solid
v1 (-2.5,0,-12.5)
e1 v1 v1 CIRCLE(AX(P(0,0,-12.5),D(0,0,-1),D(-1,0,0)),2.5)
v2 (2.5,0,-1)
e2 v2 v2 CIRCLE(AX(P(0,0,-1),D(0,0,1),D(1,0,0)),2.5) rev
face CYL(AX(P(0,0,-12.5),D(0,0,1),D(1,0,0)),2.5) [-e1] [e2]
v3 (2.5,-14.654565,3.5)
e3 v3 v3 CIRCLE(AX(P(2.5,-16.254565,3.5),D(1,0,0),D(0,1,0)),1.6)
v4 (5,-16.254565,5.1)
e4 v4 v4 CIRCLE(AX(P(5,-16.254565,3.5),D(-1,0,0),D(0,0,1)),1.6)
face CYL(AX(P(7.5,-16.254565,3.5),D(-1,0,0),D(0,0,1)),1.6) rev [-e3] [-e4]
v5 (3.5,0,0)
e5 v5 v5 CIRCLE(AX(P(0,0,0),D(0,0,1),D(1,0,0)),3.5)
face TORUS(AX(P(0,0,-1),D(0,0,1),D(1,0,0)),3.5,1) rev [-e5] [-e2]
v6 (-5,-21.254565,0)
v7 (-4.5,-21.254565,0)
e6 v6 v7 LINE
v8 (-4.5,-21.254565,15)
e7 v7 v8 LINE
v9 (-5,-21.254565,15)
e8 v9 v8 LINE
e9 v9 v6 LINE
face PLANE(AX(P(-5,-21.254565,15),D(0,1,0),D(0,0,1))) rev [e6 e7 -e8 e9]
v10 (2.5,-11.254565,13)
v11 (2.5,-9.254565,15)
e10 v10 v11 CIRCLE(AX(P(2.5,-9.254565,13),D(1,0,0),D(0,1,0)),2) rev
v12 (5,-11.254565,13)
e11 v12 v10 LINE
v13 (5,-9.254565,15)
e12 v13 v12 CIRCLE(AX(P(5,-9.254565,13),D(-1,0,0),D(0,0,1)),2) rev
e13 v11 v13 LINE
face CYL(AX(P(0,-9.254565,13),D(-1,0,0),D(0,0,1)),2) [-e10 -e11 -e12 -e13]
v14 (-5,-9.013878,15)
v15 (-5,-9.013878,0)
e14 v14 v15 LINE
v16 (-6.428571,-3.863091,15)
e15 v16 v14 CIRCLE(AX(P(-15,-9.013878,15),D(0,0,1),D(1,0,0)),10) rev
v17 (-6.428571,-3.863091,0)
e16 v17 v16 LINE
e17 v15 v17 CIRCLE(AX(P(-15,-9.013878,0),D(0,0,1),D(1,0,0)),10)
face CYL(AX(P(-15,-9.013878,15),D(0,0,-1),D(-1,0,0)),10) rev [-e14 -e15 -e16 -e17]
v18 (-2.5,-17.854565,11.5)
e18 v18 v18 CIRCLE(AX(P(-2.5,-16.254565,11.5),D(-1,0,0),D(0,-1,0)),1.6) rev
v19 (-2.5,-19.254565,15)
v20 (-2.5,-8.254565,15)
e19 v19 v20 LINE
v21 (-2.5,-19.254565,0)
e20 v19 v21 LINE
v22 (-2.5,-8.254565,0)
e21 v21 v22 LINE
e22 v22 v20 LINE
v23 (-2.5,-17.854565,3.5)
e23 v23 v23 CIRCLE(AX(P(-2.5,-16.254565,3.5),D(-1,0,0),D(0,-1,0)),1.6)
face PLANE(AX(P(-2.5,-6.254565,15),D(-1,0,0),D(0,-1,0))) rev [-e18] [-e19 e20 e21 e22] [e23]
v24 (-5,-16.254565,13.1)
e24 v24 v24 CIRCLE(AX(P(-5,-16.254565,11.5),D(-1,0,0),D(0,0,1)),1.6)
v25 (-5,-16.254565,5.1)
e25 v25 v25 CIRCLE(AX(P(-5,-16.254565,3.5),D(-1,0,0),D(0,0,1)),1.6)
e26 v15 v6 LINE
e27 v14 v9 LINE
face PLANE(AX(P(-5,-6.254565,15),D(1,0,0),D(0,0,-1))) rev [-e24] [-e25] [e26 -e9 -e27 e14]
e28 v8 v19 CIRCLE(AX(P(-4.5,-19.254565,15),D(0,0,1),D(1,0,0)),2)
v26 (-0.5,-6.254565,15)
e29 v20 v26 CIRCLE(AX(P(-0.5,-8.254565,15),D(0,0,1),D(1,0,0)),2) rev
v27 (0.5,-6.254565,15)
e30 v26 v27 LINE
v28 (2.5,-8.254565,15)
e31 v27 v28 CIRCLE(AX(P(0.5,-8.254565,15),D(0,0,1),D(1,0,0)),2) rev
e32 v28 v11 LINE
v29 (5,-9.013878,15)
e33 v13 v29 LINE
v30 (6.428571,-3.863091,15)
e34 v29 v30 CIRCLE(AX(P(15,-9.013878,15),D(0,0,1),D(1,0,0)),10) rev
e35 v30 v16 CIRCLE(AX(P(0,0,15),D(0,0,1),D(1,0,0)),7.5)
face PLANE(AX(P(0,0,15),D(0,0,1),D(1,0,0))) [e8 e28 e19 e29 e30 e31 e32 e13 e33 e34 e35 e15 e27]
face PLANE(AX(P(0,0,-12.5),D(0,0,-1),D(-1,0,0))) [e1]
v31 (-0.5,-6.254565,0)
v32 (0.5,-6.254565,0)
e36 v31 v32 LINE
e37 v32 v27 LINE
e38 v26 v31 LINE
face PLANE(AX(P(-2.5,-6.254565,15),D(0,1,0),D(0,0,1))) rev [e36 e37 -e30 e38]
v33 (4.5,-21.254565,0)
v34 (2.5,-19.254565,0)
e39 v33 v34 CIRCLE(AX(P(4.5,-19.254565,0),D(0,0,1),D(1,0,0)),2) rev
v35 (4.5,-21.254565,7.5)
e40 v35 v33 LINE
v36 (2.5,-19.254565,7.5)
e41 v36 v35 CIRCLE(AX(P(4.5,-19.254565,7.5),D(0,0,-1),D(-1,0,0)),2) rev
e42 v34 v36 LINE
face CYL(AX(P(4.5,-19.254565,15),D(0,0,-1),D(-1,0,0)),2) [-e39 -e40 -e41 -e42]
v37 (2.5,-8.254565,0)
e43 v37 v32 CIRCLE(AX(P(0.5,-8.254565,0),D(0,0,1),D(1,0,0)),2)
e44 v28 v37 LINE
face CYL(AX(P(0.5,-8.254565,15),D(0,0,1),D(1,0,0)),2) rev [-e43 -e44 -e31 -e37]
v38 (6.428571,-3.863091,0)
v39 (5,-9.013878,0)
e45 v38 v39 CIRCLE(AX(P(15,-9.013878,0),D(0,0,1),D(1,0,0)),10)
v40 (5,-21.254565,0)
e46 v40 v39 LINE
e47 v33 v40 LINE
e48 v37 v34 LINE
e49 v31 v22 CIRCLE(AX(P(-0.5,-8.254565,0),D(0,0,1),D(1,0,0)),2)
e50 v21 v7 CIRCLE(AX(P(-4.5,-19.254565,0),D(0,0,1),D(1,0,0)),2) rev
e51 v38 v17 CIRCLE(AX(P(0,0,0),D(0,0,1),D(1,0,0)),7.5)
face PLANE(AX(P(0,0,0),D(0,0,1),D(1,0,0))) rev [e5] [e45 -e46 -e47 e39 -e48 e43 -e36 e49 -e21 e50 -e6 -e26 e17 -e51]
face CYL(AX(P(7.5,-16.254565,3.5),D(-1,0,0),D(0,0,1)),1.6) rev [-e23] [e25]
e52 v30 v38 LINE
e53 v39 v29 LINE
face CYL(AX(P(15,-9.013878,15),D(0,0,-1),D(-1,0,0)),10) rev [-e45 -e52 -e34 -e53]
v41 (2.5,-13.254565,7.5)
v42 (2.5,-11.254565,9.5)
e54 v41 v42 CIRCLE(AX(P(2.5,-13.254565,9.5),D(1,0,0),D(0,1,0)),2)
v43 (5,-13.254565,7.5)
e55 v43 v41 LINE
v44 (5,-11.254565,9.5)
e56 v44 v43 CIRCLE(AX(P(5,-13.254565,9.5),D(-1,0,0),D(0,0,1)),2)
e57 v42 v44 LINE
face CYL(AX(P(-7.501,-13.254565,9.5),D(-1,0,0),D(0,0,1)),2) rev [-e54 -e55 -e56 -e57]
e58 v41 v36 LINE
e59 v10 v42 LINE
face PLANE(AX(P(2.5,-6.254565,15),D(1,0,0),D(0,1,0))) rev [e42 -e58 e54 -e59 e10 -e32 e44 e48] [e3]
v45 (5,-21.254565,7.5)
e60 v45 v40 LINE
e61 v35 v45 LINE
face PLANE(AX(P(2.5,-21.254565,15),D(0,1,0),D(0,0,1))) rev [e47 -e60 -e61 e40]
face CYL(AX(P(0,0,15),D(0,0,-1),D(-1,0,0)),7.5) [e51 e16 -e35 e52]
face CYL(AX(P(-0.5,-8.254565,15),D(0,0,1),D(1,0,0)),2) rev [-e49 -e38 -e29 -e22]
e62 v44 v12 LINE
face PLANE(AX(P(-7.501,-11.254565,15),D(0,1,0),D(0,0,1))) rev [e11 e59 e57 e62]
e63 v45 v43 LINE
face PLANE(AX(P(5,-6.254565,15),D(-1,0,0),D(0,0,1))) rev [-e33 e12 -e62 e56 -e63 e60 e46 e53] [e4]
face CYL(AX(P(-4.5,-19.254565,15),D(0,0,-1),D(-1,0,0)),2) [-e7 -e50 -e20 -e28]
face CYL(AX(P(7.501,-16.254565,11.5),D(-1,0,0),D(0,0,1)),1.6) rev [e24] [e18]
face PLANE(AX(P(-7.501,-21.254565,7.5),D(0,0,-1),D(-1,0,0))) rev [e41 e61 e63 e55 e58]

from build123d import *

# Parameters (mm, degrees)
BOSS_EXTRUDE1_DEPTH = 15
FILLET1_R           = 10
SKETCH3_R           = 2.5
BOSS_EXTRUDE2_DEPTH = 12.5
CUT_EXTRUDE4_REACH  = 30.862
SKETCH7_W           = 7.5
SKETCH7_H           = 10
CUT_EXTRUDE7_REACH  = 30.862
SKETCH10_R          = 1.6
SKETCH9_R           = 1.6
CUT_EXTRUDE8_DEPTH  = 29.861852882
FILLET2_R           = 2
FILLET3_R           = 1
FILLET4_R           = 2


with BuildPart() as part:
    # Sketch2 → Boss-Extrude1 (new body)
    with BuildSketch(Plane.XY):
        with BuildLine():
            Line((-2.5, -6.254565433), (-2.5, -21.254565433))
            Line((-2.5, -21.254565433), (-5, -21.254565433))
            Line((-5, -21.254565433), (-5, -6.254565433))
            Line((-5, -6.254565433), (-5, -5.590169944))
            ThreePointArc((-5, -5.590169944), (0, 7.5), (5, -5.590169944))
            Line((5, -5.590169944), (5, -6.254565433))
            Line((5, -6.254565433), (5, -21.254565433))
            Line((5, -21.254565433), (2.5, -21.254565433))
            Line((2.5, -21.254565433), (2.5, -6.254565433))
            Line((2.5, -6.254565433), (-2.5, -6.254565433))
        make_face()
    extrude(amount=BOSS_EXTRUDE1_DEPTH)

    # Fillet1
    fillet1_edges = [part.edges().sort_by_distance(p)[0] for p in [
        (-5, -5.590169944, 7.5),
        (5, -5.590169944, 7.5),
    ]]
    fillet(fillet1_edges, radius=FILLET1_R)

    # Sketch3 → Boss-Extrude2 (add)
    with BuildSketch(Plane(origin=(0, 0, 0), x_dir=(-1, 0, 0), z_dir=(0, 0, -1))):
        Circle(SKETCH3_R)
    extrude(amount=BOSS_EXTRUDE2_DEPTH)

    # Sketch7 → Cut-Extrude4 (cut, up to next)
    with BuildSketch(Plane(origin=(5, 0, 0), x_dir=(0, 0, -1), z_dir=(1, 0, 0)), mode=Mode.PRIVATE) as cut_extrude4_sk1:
        with Locations((-11.25, -16.254565433)):
            Rectangle(SKETCH7_W, SKETCH7_H)
    cut_extrude4_tool1 = extrude(cut_extrude4_sk1.sketch, amount=-CUT_EXTRUDE4_REACH, mode=Mode.PRIVATE) & part.part
    add(cut_extrude4_tool1.solids().sort_by_distance((5, -16.254565, 11.25))[0], mode=Mode.SUBTRACT)

    # Sketch10 → Cut-Extrude7 (cut, up to next)
    with BuildSketch(Plane.ZY.offset(5), mode=Mode.PRIVATE) as cut_extrude7_sk1:
        with Locations((11.5, -16.254565433)):
            Circle(SKETCH10_R)
    cut_extrude7_tool1 = extrude(cut_extrude7_sk1.sketch, amount=-CUT_EXTRUDE7_REACH, mode=Mode.PRIVATE) & part.part
    add(cut_extrude7_tool1.solids().sort_by_distance((-5, -16.254565, 11.5))[0], mode=Mode.SUBTRACT)

    # Sketch9 → Cut-Extrude8 (cut, through all)
    with BuildSketch(Plane.ZY.offset(5)):
        with Locations((3.5, -16.254565433)):
            Circle(SKETCH9_R)
    extrude(amount=-CUT_EXTRUDE8_DEPTH, mode=Mode.SUBTRACT)

    # Fillet2
    fillet2_edges = [part.edges().sort_by_distance(p)[0] for p in [
        (-2.5, -6.254565433, 7.5),
        (-2.5, -21.254565433, 7.5),
        (2.5, -6.254565433, 7.5),
        (2.5, -21.254565433, 3.75),
    ]]
    fillet(fillet2_edges, radius=FILLET2_R)

    # Fillet3
    fillet3_edges = [part.edges().sort_by_distance(p)[0] for p in [
        (2.5, 0, 0),
    ]]
    fillet(fillet3_edges, radius=FILLET3_R)

    # Fillet4
    fillet4_edges = [part.edges().sort_by_distance(p)[0] for p in [
        (3.75, -11.254565433, 15),
        (3.75, -11.254565433, 7.5),
    ]]
    fillet(fillet4_edges, radius=FILLET4_R)


solid = part.part
